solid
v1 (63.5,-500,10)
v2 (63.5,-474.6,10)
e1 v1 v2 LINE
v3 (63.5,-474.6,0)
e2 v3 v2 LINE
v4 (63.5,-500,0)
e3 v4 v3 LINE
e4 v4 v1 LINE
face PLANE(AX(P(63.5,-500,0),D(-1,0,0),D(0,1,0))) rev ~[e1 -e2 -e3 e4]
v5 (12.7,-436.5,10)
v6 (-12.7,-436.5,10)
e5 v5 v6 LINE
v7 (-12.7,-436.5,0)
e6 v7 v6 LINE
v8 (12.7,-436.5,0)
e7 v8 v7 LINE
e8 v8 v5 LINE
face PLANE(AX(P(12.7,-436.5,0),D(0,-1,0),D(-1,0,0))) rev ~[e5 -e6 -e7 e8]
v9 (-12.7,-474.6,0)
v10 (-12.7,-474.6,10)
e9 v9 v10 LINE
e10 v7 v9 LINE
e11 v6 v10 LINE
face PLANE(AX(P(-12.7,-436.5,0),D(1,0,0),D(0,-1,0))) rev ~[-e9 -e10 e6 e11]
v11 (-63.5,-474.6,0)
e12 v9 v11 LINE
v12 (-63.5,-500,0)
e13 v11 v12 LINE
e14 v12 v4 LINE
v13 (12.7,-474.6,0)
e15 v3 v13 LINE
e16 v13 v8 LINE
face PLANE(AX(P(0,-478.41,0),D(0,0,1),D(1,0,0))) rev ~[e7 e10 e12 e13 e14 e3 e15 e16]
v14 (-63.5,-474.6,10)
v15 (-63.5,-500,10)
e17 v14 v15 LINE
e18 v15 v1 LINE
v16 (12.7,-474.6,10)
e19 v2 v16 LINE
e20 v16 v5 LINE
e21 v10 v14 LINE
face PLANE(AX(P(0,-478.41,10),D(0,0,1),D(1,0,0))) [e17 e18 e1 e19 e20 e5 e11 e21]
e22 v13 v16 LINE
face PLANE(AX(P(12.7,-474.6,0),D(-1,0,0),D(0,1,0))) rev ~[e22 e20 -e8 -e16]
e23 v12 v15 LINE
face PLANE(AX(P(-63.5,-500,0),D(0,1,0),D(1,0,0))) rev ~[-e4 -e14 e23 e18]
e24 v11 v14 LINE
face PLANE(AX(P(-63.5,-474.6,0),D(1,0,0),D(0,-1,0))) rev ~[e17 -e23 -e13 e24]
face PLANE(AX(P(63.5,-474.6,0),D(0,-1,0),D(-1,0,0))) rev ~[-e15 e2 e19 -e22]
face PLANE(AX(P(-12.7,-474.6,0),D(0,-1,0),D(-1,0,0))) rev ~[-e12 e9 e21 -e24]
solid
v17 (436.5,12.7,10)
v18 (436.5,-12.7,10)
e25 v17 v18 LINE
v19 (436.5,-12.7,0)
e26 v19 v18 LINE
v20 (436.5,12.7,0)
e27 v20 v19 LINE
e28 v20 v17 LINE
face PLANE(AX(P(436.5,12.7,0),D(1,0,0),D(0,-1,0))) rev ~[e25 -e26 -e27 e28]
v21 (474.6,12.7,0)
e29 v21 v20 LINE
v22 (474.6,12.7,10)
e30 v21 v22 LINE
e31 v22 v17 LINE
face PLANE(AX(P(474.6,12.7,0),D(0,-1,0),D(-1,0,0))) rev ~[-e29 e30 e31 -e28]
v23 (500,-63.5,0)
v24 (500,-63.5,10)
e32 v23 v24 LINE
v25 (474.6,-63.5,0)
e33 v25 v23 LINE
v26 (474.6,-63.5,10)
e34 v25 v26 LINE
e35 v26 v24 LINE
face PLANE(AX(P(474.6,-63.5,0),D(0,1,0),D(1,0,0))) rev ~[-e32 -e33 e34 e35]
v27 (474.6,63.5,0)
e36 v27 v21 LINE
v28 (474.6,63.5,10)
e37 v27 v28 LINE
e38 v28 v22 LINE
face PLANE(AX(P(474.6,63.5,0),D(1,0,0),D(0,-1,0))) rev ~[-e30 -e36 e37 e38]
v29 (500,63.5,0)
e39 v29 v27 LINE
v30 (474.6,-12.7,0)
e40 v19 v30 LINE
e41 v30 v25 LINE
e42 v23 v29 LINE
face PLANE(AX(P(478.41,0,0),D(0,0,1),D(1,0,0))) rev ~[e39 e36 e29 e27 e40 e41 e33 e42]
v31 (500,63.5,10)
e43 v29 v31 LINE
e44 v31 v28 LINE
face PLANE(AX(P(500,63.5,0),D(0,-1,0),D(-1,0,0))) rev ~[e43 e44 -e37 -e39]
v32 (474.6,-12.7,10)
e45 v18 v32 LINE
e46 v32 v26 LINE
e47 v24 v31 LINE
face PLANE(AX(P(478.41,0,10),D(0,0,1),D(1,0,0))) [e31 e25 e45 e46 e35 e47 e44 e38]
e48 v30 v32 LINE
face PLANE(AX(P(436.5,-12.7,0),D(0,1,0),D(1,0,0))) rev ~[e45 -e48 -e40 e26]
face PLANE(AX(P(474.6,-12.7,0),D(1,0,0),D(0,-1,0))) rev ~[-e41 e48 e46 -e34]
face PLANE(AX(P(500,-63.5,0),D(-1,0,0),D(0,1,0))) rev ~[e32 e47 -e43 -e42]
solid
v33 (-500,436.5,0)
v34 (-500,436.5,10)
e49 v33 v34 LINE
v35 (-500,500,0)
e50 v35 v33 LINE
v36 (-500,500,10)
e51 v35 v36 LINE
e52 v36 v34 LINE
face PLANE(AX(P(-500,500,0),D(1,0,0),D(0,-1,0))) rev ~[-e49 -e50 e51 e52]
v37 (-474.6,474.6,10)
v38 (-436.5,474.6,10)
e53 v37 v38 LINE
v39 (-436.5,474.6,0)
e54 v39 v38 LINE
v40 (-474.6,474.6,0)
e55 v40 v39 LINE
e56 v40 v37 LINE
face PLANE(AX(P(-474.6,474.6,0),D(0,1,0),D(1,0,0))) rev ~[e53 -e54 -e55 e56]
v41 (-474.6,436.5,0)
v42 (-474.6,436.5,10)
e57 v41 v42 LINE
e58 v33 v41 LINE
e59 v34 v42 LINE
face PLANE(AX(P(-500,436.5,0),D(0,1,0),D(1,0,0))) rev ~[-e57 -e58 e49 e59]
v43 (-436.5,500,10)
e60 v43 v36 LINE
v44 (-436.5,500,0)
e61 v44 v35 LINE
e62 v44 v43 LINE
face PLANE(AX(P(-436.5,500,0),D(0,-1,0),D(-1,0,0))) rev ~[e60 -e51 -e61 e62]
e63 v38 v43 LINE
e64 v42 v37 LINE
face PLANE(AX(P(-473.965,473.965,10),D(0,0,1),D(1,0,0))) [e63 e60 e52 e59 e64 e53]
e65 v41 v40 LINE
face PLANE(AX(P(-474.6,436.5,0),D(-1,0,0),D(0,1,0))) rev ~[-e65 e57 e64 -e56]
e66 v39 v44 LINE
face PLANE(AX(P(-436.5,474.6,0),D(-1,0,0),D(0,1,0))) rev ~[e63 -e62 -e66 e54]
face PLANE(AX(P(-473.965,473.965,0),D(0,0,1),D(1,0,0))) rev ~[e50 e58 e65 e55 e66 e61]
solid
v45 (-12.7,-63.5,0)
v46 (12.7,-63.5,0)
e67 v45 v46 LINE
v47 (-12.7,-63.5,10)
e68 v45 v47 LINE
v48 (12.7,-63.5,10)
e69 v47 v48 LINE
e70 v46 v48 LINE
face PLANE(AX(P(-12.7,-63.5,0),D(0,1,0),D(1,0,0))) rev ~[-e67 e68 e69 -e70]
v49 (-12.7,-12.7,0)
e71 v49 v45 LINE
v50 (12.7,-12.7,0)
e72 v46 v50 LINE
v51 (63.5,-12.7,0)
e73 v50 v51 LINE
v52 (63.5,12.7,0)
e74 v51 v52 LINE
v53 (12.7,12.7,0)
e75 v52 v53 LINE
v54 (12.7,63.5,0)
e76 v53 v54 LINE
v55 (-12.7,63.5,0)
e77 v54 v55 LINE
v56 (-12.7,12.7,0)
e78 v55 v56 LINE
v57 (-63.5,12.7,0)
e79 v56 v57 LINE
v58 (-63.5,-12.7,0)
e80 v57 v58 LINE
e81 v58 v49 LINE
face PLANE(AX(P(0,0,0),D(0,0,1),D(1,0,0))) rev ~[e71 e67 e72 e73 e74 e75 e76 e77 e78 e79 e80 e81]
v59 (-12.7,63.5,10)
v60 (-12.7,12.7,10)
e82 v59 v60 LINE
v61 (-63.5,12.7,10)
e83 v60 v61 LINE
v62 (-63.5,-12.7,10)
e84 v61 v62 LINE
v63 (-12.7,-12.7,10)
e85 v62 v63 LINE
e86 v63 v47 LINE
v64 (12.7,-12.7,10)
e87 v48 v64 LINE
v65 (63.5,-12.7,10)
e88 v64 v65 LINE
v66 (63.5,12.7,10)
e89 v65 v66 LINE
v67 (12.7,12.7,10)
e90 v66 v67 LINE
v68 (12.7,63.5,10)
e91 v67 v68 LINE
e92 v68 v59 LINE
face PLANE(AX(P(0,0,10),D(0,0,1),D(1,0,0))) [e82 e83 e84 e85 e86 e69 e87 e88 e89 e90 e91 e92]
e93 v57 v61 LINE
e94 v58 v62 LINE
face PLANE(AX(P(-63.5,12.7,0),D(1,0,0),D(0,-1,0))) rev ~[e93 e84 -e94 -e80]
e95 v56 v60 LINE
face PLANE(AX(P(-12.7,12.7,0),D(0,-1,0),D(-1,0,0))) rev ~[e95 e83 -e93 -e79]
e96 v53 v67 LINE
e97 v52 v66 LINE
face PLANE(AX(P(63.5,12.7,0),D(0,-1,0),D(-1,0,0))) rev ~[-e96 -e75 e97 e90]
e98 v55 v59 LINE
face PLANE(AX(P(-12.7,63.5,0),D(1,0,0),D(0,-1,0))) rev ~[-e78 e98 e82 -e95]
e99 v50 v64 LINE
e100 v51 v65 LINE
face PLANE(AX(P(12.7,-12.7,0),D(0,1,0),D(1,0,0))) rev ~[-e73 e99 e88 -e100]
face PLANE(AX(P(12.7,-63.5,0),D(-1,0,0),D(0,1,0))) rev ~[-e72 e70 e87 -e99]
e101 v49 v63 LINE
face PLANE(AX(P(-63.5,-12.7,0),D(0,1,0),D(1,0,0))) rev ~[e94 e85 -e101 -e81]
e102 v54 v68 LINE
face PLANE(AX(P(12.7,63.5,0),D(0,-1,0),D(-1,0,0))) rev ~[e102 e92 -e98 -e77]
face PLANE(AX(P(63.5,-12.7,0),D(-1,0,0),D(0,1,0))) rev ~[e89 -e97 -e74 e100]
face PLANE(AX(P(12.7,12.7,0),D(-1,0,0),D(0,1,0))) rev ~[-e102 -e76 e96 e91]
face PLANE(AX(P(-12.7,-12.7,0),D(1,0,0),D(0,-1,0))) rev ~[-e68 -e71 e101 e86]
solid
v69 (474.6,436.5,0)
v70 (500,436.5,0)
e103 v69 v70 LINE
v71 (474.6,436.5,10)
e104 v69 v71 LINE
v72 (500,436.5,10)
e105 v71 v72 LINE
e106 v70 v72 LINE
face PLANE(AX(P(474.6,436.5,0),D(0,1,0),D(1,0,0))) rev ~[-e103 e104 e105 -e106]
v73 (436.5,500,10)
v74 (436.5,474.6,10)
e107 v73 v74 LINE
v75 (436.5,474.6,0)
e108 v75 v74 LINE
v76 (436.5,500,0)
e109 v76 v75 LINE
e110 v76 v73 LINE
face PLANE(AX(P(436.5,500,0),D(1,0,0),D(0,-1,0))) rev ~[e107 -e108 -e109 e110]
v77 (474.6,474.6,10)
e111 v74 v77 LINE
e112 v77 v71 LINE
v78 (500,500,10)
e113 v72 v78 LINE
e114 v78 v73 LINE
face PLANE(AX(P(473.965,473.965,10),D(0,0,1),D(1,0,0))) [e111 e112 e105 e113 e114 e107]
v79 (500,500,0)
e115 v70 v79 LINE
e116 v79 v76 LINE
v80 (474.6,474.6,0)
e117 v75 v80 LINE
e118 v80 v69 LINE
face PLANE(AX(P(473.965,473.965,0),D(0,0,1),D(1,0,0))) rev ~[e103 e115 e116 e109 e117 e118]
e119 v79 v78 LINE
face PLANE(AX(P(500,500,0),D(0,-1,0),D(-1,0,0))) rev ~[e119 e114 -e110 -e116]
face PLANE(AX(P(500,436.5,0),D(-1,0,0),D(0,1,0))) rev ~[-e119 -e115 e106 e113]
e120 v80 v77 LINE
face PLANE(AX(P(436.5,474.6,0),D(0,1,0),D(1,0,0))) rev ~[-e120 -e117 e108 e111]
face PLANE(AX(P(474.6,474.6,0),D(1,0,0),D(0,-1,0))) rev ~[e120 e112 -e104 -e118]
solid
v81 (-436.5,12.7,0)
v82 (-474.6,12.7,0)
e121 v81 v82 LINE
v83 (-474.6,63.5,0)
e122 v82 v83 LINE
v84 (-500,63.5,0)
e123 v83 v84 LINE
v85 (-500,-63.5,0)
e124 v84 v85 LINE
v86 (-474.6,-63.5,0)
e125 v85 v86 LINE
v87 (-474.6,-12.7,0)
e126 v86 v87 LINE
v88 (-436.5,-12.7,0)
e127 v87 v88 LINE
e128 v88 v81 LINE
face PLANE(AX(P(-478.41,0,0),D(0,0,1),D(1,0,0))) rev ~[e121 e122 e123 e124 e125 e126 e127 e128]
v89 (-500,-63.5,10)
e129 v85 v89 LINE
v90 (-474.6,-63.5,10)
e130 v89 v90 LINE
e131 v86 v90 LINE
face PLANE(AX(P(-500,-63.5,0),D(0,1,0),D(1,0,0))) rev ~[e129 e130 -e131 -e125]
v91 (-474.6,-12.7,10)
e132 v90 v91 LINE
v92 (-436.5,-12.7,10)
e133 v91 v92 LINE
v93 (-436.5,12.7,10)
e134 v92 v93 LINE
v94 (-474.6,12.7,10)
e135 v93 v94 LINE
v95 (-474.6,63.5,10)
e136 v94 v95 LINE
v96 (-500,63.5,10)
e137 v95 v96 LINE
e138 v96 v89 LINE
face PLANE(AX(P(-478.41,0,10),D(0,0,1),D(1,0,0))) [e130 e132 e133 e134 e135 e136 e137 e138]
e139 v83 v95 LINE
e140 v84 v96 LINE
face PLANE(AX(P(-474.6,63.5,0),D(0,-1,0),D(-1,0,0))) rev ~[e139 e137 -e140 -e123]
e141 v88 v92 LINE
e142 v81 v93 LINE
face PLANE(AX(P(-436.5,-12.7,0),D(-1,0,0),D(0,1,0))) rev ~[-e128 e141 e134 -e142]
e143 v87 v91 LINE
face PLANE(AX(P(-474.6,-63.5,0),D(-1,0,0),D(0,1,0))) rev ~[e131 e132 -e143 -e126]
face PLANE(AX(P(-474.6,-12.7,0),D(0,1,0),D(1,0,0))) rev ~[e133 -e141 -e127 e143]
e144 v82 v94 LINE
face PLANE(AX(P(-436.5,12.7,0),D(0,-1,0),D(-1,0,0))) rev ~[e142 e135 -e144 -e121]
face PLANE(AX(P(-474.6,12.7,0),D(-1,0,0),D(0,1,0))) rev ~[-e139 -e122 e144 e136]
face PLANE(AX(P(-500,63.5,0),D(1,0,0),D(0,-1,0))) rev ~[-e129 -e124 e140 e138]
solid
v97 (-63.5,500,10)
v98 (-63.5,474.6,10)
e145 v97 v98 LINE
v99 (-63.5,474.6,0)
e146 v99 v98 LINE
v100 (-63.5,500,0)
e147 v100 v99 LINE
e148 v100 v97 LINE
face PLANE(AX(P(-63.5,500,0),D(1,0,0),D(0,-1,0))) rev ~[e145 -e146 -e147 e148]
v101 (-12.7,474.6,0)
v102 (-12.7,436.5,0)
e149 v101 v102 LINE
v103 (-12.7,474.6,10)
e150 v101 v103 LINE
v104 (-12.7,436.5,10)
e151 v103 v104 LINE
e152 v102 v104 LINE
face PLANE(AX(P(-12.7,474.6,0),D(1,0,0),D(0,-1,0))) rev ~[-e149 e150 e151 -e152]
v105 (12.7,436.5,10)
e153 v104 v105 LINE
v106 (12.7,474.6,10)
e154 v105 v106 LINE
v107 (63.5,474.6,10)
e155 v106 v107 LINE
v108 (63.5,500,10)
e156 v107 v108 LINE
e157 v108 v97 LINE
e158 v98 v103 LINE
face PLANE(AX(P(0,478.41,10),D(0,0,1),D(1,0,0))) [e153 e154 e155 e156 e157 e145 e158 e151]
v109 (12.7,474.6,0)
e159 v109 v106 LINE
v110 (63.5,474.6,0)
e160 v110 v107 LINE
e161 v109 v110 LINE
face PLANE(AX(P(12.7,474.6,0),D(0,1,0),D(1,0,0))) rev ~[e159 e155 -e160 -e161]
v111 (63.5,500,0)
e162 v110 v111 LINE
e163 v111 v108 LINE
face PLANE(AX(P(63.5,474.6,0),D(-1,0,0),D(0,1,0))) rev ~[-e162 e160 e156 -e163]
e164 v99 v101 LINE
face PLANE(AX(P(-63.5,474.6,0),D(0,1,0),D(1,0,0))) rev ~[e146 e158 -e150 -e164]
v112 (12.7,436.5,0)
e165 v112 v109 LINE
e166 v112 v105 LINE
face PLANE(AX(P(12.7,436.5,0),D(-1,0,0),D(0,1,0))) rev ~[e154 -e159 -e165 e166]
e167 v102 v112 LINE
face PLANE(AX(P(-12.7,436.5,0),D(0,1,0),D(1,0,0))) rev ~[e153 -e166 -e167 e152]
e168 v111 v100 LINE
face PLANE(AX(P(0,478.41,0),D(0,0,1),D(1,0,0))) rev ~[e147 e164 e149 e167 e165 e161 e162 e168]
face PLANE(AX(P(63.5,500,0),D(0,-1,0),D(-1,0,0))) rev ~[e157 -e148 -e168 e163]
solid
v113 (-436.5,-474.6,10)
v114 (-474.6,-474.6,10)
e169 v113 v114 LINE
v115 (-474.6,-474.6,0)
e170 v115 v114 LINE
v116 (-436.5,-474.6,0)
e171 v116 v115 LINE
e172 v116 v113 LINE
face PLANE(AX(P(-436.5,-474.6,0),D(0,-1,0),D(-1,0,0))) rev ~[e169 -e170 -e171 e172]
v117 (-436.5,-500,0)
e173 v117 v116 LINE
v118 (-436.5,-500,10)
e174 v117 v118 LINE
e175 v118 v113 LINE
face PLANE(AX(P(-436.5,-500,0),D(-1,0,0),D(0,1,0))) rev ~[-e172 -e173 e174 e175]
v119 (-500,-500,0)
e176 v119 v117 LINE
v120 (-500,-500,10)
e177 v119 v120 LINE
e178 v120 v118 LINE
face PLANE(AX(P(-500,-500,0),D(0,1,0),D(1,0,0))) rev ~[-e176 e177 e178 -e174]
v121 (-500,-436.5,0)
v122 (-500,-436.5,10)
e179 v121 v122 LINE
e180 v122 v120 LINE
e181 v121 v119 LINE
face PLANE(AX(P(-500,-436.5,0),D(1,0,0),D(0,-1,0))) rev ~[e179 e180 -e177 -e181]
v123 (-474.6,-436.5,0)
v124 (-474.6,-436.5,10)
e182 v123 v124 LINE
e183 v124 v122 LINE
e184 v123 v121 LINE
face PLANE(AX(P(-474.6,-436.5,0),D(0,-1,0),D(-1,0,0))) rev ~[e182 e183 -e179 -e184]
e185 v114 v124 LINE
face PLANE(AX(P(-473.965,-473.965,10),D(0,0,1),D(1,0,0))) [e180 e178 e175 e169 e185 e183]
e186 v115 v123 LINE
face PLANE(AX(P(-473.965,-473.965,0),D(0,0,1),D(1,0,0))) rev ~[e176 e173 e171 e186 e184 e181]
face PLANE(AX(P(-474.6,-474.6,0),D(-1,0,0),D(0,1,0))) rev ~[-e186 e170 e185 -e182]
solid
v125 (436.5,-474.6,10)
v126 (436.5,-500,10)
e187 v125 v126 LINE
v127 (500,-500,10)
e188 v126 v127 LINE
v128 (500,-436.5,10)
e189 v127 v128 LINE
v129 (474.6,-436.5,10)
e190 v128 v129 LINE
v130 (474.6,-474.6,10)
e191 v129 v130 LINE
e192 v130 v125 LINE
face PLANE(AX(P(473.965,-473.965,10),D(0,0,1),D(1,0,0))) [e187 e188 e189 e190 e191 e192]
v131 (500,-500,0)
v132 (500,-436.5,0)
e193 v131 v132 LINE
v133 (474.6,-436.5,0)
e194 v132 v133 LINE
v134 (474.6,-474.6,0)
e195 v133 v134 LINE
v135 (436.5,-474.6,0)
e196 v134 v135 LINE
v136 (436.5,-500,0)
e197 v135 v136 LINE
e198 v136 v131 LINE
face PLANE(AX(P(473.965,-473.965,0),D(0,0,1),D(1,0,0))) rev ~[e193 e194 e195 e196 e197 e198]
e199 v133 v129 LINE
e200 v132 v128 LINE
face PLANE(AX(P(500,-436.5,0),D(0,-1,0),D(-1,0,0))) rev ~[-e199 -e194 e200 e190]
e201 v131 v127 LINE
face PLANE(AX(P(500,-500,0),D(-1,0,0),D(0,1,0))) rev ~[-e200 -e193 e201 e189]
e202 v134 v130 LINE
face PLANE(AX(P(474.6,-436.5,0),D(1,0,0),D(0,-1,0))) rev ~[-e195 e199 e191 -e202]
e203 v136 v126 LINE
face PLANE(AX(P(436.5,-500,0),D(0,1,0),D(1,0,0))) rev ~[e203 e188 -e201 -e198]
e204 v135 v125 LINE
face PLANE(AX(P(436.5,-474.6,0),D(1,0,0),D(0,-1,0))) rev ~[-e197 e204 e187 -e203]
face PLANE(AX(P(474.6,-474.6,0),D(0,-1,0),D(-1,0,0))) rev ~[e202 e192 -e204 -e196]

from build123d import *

# Parameters (mm, degrees)
F1_DEPTH = 10


with BuildPart() as f1:
    # F0 (on Top) → F1 (new body)
    with BuildSketch(Plane.XY):
        Polygon((-436.5, 500), (-500, 500), (-500, 436.5), (-474.6, 436.5), (-474.6, 474.6), (-436.5, 474.6), align=None)
        Polygon((-500, -436.5), (-500, -500), (-436.5, -500), (-436.5, -474.6), (-474.6, -474.6), (-474.6, -436.5), align=None)
        Polygon((500, 436.5), (500, 500), (436.5, 500), (436.5, 474.6), (474.6, 474.6), (474.6, 436.5), align=None)
        Polygon((63.5, -12.7), (63.5, 12.7), (12.7, 12.7), (12.7, 63.5), (-12.7, 63.5), (-12.7, 12.7), (-63.5, 12.7), (-63.5, -12.7), (-12.7, -12.7), (-12.7, -63.5), (12.7, -63.5), (12.7, -12.7), align=None)
        Polygon((-63.5, 474.6), (-12.7, 474.6), (-12.7, 436.5), (12.7, 436.5), (12.7, 474.6), (63.5, 474.6), (63.5, 500), (-63.5, 500), align=None)
        Polygon((-500, 63.5), (-500, -63.5), (-474.6, -63.5), (-474.6, -12.7), (-436.5, -12.7), (-436.5, 12.7), (-474.6, 12.7), (-474.6, 63.5), align=None)
        Polygon((474.6, -63.5), (500, -63.5), (500, 63.5), (474.6, 63.5), (474.6, 12.7), (436.5, 12.7), (436.5, -12.7), (474.6, -12.7), align=None)
        Polygon((12.7, -474.6), (12.7, -436.5), (-12.7, -436.5), (-12.7, -474.6), (-63.5, -474.6), (-63.5, -500), (63.5, -500), (63.5, -474.6), align=None)
        Polygon((474.6, -474.6), (436.5, -474.6), (436.5, -500), (500, -500), (500, -436.5), (474.6, -436.5), align=None)
    extrude(amount=F1_DEPTH)


solid = f1.part
